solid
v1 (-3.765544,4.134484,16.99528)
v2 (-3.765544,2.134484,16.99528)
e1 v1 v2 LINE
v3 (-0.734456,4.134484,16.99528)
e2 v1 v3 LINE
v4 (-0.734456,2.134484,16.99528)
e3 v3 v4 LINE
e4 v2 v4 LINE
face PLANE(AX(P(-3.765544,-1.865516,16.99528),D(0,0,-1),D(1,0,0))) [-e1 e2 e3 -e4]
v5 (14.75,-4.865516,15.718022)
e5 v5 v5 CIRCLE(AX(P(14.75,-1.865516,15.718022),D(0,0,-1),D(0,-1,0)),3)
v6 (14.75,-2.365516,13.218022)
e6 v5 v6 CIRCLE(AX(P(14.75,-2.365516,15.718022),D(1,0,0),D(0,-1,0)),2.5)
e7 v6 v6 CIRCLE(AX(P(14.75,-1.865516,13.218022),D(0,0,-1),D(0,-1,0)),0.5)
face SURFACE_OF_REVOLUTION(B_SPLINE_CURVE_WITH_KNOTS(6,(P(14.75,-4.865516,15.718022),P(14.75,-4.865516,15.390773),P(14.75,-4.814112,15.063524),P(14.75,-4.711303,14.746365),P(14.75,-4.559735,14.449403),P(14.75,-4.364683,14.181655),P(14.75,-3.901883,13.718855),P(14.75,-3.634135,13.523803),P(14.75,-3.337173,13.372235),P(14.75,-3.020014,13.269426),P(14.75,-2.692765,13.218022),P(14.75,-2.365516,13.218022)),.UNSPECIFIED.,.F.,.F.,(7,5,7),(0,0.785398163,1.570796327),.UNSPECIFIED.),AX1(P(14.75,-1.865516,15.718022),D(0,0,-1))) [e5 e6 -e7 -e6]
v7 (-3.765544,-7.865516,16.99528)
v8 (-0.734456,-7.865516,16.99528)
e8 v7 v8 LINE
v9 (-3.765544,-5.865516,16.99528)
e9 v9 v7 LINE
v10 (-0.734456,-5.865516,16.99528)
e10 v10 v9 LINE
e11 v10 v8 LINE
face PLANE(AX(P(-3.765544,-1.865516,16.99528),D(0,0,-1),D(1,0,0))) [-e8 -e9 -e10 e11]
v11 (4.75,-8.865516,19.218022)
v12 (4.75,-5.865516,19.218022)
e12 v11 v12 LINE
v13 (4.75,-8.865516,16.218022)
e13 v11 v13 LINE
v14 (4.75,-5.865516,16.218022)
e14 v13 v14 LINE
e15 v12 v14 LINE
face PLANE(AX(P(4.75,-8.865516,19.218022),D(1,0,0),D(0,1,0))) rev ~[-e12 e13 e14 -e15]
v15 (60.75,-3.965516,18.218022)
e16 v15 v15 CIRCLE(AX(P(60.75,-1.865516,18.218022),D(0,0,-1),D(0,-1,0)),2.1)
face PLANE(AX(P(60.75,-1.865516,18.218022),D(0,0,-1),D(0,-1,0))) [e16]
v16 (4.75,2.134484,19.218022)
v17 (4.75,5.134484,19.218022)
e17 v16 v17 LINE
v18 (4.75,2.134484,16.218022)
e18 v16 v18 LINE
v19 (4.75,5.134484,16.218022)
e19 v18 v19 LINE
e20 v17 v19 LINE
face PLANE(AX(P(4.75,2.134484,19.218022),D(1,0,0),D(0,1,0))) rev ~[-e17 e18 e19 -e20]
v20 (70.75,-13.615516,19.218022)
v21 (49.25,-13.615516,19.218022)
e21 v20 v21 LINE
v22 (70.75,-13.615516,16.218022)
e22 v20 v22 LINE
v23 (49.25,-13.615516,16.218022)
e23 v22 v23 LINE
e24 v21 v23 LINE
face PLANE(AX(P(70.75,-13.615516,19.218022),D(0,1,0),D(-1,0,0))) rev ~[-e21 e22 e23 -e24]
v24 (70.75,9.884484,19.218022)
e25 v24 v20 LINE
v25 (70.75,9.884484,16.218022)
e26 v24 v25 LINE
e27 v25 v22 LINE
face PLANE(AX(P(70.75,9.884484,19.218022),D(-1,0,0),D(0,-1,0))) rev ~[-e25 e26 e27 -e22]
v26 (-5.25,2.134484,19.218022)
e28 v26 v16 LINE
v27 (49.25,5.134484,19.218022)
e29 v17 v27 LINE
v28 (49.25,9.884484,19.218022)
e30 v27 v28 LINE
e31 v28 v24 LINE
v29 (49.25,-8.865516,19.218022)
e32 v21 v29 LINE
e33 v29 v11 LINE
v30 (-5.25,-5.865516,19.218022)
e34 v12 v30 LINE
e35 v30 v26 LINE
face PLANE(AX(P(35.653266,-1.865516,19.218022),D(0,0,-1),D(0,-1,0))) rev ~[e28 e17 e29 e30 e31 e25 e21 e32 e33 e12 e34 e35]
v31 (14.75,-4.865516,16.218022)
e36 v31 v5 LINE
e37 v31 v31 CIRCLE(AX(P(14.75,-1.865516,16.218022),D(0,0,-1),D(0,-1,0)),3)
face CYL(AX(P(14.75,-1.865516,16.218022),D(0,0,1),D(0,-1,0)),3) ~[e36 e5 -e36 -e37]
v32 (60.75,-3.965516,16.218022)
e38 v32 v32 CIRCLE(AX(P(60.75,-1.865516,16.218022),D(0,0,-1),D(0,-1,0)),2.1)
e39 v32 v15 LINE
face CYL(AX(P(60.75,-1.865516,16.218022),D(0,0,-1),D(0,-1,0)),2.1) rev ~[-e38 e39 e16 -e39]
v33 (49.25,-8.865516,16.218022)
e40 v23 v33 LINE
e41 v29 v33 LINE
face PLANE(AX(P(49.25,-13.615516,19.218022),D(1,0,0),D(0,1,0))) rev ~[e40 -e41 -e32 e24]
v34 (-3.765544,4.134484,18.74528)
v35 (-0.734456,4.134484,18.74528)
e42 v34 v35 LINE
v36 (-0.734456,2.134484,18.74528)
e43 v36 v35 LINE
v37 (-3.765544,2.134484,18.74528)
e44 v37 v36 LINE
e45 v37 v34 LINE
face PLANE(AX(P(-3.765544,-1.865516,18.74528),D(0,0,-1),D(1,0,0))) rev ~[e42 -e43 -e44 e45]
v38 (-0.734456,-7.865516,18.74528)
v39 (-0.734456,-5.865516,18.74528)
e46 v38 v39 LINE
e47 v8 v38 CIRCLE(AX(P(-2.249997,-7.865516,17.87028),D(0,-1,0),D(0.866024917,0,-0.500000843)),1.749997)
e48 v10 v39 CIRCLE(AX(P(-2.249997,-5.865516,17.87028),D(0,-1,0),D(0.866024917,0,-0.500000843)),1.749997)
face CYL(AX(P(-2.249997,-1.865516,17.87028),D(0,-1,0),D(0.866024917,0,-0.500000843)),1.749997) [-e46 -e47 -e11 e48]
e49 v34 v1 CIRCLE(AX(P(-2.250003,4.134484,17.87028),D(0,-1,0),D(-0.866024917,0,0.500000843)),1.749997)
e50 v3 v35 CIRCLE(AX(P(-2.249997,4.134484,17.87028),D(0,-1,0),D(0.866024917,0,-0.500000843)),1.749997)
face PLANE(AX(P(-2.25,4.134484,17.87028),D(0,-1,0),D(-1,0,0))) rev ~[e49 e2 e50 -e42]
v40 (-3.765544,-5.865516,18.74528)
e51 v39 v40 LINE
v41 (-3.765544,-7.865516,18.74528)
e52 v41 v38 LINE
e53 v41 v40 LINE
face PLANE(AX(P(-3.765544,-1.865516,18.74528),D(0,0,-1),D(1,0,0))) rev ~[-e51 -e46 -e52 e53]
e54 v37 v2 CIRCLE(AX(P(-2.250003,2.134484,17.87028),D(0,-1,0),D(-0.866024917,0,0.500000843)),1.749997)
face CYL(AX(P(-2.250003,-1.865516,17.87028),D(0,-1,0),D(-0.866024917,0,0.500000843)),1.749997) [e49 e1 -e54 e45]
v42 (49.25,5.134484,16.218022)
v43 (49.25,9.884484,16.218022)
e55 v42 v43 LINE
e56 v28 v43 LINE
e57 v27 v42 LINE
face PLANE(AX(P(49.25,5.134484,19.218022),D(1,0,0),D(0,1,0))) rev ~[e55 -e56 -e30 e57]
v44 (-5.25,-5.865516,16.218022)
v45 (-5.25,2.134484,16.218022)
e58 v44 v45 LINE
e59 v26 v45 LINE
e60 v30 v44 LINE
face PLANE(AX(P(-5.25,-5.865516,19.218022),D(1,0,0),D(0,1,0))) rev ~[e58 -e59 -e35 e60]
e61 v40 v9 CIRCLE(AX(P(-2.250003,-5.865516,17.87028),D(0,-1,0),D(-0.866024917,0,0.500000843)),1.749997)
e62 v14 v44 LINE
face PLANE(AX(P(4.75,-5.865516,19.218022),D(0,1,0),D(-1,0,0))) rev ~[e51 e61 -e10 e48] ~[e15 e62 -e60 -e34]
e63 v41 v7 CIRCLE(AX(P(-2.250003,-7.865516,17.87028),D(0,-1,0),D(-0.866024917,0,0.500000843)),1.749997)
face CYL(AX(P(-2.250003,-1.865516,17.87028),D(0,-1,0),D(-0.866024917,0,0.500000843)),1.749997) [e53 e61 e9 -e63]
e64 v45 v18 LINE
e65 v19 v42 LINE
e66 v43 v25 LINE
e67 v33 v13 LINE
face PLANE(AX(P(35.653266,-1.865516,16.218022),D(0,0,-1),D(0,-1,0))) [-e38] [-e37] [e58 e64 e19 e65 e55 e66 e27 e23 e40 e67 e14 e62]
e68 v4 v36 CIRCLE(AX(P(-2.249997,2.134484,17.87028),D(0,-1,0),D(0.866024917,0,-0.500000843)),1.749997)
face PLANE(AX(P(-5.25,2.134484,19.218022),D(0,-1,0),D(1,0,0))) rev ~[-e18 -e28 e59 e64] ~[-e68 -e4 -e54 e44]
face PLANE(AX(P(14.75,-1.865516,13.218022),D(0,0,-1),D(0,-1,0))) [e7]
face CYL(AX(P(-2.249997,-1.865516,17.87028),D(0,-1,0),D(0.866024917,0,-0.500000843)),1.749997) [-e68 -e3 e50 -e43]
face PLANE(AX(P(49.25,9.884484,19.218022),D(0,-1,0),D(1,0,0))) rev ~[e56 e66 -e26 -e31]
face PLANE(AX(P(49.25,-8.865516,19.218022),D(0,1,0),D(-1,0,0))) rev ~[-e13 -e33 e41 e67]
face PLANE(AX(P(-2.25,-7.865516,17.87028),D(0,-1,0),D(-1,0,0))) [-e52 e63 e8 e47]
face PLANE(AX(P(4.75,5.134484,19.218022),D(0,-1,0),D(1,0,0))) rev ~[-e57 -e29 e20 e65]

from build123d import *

# Parameters (mm, degrees)
PAD005_DEPTH            = 3
PAD006_DEPTH            = 6
SKETCH006_R             = 2.1
POCKET_DEPTH            = 2
SKETCH007_R             = 3
PAD007_DEPTH            = 3
FILLET001_R             = 2.5
BODY001_ROLL_ANGLE      = 180
BODY001_PLACEMENT_ANGLE = -90


with BuildPart() as part:
    # Sketch005 → Pad005 (new body)
    with BuildSketch(Plane.XY):
        Polygon((-11.75, -33), (11.75, -33), (11.75, -11.5), (7, -11.5), (7, 33), (4, 33), (4, 43), (-4, 43), (-4, 33), (-7, 33), (-7, -11.5), (-11.75, -11.5), align=None)
    extrude(amount=PAD005_DEPTH)

    # Sketch001 → Pad006 (join, symmetric)
    with BuildSketch(Plane.YZ):
        with BuildLine():
            ThreePointArc((41.515544, 0.472742), (41.75, 1.347742), (41.515544, 2.222742))
            Line((41.515544, 2.222742), (38.484456, 2.222742))
            ThreePointArc((38.484456, 2.222742), (38.25, 1.347742), (38.484456, 0.472742))
            Line((41.515544, 0.472742), (38.484456, 0.472742))
        make_face()
    extrude(amount=PAD006_DEPTH, both=True)

    # Sketch006 (on Face5 of Pad006) → Pocket (cut)
    with BuildSketch(Plane.XY.offset(3)):
        with Locations((0, -23)):
            Circle(SKETCH006_R)
    extrude(amount=-POCKET_DEPTH, mode=Mode.SUBTRACT)

    # Sketch007 (on Face5 of Pocket) → Pad007 (join)
    with BuildSketch(Plane.XY.offset(3)):
        with Locations((0, 23)):
            Circle(SKETCH007_R)
    extrude(amount=PAD007_DEPTH)

    # Fillet001
    fillet001_edges = [part.edges().sort_by_distance(p)[0] for p in [
        (-3, 23, 6),
    ]]
    fillet(fillet001_edges, radius=FILLET001_R)


with BuildPart() as part_1:
    # Body001 roll: moved
    add(part.part.rotate(Axis((0, 0, 0), (1, 0, 0)), BODY001_ROLL_ANGLE))


with BuildPart() as part_2:
    # Body001 placement: moved
    add(part_1.part.moved(Location((37.75, -1.865516, 19.218022))).rotate(Axis((37.75, -1.865516, 19.218022), (0, 0, 1)), BODY001_PLACEMENT_ANGLE))


solid = part_2.part
